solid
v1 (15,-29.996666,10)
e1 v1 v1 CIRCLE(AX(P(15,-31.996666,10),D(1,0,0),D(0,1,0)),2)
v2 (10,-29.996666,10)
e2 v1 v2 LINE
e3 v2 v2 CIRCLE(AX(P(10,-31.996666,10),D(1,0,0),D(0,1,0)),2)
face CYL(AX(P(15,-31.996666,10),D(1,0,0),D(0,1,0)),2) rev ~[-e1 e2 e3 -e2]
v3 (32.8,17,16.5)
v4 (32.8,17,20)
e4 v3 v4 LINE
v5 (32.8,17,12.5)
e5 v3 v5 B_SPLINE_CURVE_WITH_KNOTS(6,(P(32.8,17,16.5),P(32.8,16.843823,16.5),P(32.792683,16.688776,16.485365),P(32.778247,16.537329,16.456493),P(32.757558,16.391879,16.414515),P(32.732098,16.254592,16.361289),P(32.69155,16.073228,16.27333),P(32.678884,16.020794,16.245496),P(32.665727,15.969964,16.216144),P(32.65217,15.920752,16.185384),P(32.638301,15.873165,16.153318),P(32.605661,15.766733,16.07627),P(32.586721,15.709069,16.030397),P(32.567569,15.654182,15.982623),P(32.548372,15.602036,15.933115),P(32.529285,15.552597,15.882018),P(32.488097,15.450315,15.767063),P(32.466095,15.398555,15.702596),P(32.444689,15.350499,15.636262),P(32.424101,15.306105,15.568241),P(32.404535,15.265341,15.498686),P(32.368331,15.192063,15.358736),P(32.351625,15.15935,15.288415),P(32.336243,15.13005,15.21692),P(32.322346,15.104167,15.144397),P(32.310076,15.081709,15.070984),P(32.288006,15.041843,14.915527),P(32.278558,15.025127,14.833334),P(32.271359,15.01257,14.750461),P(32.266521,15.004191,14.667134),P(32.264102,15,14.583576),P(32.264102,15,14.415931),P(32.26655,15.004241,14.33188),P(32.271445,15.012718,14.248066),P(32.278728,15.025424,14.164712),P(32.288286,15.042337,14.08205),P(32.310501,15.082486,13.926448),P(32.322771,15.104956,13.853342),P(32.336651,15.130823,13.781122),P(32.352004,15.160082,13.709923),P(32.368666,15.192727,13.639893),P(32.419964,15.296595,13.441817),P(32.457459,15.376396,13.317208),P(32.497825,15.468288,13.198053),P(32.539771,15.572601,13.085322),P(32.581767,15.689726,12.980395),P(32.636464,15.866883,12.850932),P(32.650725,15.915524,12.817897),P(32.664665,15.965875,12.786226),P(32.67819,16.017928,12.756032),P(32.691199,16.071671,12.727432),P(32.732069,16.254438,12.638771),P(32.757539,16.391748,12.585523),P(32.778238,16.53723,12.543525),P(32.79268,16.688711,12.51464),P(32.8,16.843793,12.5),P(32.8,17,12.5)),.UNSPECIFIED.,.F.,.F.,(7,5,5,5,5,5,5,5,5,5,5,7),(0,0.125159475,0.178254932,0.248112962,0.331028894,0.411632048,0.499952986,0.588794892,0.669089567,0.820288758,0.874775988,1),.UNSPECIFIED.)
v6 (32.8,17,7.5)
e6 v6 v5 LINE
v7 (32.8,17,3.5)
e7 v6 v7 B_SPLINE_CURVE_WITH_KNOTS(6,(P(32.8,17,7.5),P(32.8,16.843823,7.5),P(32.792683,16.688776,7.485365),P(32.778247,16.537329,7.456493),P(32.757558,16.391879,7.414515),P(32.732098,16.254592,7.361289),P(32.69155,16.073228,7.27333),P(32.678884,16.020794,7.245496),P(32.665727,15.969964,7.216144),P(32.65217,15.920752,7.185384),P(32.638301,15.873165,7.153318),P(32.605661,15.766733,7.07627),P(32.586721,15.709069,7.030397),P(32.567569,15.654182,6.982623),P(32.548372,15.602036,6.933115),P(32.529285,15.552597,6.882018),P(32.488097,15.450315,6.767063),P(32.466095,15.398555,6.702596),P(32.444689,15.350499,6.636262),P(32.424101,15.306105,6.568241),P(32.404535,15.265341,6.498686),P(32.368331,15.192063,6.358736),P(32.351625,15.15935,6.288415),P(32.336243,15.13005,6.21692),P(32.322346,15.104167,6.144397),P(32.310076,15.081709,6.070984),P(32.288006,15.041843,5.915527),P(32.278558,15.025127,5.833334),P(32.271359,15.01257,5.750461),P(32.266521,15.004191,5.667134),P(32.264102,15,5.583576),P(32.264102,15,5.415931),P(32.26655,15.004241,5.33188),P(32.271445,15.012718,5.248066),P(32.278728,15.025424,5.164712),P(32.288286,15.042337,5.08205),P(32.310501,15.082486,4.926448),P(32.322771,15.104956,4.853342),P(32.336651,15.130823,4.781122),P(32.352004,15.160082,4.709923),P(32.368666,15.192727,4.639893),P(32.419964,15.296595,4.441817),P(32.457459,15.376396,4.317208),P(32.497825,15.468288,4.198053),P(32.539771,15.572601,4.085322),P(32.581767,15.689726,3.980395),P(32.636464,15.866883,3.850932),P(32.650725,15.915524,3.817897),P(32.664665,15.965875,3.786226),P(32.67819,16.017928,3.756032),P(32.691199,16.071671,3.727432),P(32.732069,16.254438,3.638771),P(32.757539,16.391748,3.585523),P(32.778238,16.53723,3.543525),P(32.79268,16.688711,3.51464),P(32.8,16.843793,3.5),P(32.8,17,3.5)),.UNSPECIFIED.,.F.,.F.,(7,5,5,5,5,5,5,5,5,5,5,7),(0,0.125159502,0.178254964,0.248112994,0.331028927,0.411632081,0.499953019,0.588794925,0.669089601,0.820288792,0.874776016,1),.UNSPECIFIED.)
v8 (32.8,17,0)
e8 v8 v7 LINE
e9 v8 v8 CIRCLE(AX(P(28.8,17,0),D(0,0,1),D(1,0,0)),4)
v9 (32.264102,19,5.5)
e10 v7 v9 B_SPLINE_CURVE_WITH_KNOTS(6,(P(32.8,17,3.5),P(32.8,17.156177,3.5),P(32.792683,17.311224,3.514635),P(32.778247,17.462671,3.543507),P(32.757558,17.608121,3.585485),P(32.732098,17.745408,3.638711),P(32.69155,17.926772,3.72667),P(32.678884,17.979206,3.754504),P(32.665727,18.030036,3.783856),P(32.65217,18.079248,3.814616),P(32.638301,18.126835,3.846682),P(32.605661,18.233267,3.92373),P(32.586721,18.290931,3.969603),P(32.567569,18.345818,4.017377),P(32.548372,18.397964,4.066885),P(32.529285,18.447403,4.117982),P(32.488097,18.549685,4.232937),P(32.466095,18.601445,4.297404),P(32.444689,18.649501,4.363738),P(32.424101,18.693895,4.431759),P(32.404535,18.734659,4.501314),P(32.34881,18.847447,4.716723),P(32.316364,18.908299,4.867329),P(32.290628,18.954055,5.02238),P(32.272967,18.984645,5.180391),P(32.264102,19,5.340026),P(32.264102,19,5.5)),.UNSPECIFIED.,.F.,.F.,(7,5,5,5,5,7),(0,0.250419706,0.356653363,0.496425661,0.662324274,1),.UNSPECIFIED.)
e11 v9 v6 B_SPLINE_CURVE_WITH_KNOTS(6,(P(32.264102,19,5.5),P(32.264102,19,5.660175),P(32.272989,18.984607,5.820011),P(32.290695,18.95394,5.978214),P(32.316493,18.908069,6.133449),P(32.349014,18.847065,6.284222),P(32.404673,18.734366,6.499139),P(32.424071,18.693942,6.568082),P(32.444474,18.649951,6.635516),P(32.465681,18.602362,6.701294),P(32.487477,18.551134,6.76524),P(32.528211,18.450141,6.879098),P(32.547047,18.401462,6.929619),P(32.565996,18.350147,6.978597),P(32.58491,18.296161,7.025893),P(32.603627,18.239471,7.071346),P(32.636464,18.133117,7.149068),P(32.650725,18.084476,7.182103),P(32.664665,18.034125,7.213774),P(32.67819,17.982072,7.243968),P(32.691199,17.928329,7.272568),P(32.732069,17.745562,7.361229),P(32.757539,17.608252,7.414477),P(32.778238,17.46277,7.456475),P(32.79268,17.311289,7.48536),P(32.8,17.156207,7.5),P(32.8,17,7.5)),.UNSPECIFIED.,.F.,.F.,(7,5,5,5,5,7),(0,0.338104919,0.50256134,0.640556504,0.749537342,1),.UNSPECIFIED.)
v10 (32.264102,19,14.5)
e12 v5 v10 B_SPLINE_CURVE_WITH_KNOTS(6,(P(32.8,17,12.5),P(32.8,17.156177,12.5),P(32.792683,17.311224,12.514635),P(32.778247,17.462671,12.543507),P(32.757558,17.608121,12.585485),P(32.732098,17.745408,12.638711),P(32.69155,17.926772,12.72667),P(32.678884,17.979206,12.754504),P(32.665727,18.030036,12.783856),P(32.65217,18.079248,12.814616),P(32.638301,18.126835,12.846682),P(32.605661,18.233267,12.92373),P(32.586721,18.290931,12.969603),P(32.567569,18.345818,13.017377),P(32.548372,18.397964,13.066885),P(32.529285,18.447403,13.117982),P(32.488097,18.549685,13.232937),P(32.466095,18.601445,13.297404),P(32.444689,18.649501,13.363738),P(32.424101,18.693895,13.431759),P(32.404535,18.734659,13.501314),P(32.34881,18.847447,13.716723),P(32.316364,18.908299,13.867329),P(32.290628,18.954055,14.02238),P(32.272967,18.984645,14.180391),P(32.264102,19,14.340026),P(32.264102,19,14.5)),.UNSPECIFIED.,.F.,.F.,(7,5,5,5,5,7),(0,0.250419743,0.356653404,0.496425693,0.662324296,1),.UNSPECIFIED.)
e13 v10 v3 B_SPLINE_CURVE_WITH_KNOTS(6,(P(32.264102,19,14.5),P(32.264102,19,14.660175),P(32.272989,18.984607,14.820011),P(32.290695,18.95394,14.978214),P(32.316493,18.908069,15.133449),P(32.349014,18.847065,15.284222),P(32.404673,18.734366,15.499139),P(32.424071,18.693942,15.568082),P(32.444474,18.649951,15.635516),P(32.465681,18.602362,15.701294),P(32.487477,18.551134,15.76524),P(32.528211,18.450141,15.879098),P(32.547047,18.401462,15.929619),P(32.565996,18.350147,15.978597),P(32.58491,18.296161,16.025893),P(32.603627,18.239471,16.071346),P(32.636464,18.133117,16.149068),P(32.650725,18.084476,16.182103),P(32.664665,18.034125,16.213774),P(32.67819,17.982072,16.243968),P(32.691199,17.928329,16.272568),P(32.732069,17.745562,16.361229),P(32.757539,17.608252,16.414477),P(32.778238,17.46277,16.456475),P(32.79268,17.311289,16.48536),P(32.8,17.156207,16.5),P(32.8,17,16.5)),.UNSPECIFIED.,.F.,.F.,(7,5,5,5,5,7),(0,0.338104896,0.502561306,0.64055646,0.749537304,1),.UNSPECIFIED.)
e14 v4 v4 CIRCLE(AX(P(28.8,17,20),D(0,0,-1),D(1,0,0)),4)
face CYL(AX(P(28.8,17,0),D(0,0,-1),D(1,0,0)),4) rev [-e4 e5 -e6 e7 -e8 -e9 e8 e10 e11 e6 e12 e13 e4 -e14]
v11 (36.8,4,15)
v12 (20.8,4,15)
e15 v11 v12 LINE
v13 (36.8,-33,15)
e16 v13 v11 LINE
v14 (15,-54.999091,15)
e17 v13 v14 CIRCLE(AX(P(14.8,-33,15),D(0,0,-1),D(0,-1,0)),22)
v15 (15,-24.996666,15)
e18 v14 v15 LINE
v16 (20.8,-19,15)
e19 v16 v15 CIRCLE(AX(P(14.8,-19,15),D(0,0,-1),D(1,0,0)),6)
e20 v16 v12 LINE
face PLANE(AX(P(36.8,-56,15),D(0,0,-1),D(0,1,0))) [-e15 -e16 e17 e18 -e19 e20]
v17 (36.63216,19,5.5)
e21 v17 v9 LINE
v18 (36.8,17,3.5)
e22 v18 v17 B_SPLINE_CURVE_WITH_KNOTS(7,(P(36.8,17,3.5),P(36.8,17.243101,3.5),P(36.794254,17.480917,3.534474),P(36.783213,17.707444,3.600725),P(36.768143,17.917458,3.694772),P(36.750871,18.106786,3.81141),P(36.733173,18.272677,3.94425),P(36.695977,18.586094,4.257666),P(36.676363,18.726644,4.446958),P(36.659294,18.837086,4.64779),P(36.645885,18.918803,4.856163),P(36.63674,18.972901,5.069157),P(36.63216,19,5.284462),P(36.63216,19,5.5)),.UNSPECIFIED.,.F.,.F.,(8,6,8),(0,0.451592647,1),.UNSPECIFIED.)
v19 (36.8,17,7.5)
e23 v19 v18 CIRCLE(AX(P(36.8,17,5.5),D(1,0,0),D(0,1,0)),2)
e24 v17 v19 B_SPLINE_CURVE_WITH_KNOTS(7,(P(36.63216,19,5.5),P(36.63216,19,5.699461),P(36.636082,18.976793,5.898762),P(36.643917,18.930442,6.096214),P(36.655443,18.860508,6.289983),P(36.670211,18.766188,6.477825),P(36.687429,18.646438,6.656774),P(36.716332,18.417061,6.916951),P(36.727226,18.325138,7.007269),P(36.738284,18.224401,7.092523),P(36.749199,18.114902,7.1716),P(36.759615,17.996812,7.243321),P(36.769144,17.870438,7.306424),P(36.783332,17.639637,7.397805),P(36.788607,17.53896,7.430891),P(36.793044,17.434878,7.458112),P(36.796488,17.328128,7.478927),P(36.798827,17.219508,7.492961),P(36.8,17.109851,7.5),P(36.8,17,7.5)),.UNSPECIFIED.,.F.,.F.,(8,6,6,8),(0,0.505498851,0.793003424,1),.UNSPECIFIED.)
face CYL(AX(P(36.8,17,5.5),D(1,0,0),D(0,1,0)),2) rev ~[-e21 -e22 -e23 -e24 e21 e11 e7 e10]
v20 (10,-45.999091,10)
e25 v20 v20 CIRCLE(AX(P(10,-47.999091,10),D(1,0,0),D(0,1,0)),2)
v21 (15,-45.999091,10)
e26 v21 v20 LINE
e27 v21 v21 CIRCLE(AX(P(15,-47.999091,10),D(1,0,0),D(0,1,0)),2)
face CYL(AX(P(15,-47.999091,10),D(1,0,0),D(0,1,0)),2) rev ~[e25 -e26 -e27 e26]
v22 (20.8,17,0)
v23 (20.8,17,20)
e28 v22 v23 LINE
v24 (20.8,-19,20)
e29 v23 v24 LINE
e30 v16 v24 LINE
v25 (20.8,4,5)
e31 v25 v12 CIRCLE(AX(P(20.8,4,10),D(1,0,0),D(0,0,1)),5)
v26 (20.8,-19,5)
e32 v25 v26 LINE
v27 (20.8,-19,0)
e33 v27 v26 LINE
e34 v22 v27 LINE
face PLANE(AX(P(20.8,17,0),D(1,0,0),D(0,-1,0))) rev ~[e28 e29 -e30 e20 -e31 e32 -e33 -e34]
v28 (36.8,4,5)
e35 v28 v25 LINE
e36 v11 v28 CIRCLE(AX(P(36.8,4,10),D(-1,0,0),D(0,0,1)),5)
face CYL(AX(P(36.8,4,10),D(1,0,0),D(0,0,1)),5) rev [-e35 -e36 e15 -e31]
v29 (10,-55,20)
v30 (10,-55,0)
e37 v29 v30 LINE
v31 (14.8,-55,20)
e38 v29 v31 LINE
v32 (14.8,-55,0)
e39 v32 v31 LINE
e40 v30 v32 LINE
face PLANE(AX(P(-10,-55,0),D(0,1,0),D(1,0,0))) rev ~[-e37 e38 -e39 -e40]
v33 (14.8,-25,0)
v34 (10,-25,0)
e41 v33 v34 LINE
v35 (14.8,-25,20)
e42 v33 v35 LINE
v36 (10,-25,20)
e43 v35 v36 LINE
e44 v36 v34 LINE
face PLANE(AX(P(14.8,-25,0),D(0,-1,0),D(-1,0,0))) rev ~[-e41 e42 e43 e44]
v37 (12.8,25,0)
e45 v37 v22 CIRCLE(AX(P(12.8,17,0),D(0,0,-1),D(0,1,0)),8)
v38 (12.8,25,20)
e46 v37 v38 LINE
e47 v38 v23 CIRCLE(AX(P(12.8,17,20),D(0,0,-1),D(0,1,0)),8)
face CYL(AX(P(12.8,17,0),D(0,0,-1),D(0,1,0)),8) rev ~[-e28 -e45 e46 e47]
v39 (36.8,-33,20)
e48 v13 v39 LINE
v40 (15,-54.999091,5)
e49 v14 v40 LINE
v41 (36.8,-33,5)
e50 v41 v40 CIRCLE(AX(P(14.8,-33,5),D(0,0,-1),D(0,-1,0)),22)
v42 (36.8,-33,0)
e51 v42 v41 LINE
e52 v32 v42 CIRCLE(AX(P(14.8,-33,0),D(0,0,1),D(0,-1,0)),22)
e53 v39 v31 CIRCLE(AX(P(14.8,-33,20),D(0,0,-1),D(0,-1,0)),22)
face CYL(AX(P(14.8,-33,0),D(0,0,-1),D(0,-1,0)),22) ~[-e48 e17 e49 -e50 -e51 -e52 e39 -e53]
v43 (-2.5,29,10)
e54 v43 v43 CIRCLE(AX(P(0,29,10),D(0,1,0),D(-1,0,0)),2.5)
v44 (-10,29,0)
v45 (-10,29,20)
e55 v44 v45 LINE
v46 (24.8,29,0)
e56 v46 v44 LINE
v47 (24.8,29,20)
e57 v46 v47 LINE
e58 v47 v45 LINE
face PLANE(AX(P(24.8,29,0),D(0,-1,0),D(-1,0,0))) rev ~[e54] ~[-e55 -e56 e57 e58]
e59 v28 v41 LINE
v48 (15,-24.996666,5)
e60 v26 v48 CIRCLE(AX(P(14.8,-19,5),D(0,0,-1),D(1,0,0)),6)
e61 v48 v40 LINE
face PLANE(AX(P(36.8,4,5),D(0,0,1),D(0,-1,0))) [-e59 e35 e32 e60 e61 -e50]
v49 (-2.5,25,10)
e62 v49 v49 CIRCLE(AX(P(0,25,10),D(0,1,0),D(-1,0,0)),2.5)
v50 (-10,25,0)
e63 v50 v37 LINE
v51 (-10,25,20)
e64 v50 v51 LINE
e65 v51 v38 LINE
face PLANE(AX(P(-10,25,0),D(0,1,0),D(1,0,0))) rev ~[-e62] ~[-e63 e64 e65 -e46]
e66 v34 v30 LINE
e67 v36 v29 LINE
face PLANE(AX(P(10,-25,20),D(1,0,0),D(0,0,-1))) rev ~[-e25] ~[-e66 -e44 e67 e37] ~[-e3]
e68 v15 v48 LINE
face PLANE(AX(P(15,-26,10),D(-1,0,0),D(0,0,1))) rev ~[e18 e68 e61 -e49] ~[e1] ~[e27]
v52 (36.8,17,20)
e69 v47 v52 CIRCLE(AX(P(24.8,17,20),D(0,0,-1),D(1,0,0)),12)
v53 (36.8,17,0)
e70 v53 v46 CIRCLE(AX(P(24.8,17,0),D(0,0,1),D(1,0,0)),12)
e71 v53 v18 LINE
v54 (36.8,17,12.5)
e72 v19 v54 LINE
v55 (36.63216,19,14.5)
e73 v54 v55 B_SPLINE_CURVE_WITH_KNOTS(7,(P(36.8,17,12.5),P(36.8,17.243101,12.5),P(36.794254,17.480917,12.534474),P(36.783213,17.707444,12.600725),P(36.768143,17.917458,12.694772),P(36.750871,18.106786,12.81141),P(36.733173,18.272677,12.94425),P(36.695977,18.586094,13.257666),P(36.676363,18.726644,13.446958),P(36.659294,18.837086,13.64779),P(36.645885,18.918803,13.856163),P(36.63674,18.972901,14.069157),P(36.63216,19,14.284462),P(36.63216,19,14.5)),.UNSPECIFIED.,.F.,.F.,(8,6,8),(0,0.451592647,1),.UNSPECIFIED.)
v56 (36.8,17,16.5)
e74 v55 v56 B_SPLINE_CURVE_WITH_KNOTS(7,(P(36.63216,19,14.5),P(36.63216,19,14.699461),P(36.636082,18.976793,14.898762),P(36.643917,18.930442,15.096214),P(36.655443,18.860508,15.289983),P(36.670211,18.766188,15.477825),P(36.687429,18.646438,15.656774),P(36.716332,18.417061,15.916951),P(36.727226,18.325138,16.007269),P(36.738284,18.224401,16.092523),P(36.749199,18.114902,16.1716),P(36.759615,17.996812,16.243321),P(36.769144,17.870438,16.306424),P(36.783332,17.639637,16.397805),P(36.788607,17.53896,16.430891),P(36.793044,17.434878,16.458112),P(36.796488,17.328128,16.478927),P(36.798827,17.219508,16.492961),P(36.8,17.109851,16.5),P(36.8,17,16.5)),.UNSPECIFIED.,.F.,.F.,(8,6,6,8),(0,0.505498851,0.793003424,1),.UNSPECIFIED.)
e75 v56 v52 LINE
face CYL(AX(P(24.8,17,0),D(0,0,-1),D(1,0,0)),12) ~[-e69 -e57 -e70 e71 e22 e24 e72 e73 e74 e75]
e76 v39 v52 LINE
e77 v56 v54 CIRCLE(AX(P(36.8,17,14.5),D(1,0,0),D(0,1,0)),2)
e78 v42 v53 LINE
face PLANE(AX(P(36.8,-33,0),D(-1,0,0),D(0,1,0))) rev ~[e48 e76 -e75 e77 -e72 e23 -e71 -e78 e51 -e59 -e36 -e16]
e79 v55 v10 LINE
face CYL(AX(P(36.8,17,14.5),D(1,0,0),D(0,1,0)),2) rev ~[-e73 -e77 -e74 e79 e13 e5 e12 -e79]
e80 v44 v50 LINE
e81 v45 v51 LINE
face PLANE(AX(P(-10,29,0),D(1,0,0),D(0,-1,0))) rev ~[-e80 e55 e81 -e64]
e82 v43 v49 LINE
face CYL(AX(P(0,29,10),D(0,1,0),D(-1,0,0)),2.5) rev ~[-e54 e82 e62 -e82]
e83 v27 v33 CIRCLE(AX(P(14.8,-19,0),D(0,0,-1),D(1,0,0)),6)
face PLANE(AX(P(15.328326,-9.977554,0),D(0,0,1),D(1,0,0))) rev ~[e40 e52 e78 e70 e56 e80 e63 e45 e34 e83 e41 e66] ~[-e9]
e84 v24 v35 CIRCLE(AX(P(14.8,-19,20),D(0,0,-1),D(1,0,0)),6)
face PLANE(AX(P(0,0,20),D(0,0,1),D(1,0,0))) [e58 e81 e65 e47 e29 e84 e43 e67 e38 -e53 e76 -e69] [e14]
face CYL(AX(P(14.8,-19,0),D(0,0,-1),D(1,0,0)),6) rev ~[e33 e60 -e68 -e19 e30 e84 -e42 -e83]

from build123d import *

# Parameters (mm, degrees)
SKETCH1_R           = 4
SKETCH1_R_2         = 2
BOSS_EXTRUDE1_DEPTH = 25
SKETCH2_W           = 20
SKETCH2_H           = 20
CUT_EXTRUDE1_DEPTH  = 30
SKETCH3_R           = 2.5
CUT_EXTRUDE2_DEPTH  = 25
SKETCH6_W           = 100
SKETCH6_H           = 150
CUT_EXTRUDE5_DEPTH  = 5
CUT_EXTRUDE6_DEPTH  = 21.8
SKETCH8_R           = 2
CUT_EXTRUDE7_DEPTH  = 21.8
SKETCH9_R           = 2
CUT_EXTRUDE8_DEPTH  = 6


with BuildPart() as part:
    # Sketch1 → Boss-Extrude1 (new body)
    with BuildSketch(Plane.XY):
        with BuildLine():
            Line((-10, 25), (12.8, 25))
            ThreePointArc((12.8, 25), (18.456854249, 22.656854249), (20.8, 17))
            Line((20.8, 17), (20.8, -19))
            ThreePointArc((20.8, -19), (19.042640687, -23.242640687), (14.8, -25))
            Line((14.8, -25), (-10, -25))
            Line((-10, -25), (-10, -55))
            Line((-10, -55), (14.8, -55))
            ThreePointArc((14.8, -55), (30.356349186, -48.556349186), (36.8, -33))
            Line((36.8, -33), (36.8, 17))
            ThreePointArc((36.8, 17), (33.285281374, 25.485281374), (24.8, 29))
            Line((24.8, 29), (-10, 29))
            Line((-10, 29), (-10, 25))
        make_face()
        with Locations((28.8, 17)):
            Circle(SKETCH1_R, mode=Mode.SUBTRACT)
        with Locations((0, -35)):
            Circle(SKETCH1_R_2, mode=Mode.SUBTRACT)
    extrude(amount=BOSS_EXTRUDE1_DEPTH)

    # Sketch2 → Cut-Extrude1 (cut)
    with BuildSketch(Plane(origin=(0, -25, 0), x_dir=(1, 0, 0), z_dir=(0, 1, 0))):
        with Locations((0, -10)):
            Rectangle(SKETCH2_W, SKETCH2_H)
    extrude(amount=-CUT_EXTRUDE1_DEPTH, mode=Mode.SUBTRACT)

    # Sketch3 → Cut-Extrude2 (cut)
    with BuildSketch(Plane(origin=(0, 29, 0), x_dir=(1, 0, 0), z_dir=(0, 1, 0))):
        with Locations(Location((0, -10, 0), (0, 0, 180))):
            Circle(SKETCH3_R)
    extrude(amount=-CUT_EXTRUDE2_DEPTH, mode=Mode.SUBTRACT)

    # Sketch6 → Cut-Extrude5 (cut)
    with BuildSketch(Plane.XY.offset(25)):
        Rectangle(SKETCH6_W, SKETCH6_H)
    extrude(amount=-CUT_EXTRUDE5_DEPTH, mode=Mode.SUBTRACT)

    # Sketch7 → Cut-Extrude6 (cut)
    with BuildSketch(Plane(origin=(36.8, 0, 0), x_dir=(0, 0, -1), z_dir=(1, 0, 0))):
        with BuildLine():
            Line((-5, 4), (-5, -56))
            ThreePointArc((-5, -56), (-10, -61), (-15, -56))
            Line((-15, -56), (-15, 4))
            ThreePointArc((-15, 4), (-10, 9), (-5, 4))
        make_face()
    extrude(amount=-CUT_EXTRUDE6_DEPTH, mode=Mode.SUBTRACT)

    # Sketch8 → Cut-Extrude7 (cut)
    with BuildSketch(Plane(origin=(15, 0, 0), x_dir=(0, 0, -1), z_dir=(1, 0, 0))):
        with Locations(Location((-10, -31.99666574, 0), (0, 0, 90))):
            Circle(SKETCH8_R)
        with Locations(Location((-10, -47.99909089, 0), (0, 0, 90))):
            Circle(SKETCH8_R)
    extrude(amount=-CUT_EXTRUDE7_DEPTH, mode=Mode.SUBTRACT)

    # Sketch9 → Cut-Extrude8 (cut)
    with BuildSketch(Plane(origin=(36.8, 0, 0), x_dir=(0, 0, -1), z_dir=(1, 0, 0))):
        with Locations(Location((-14.5, 17, 0), (0, 0, 90))):
            Circle(SKETCH9_R)
        with Locations(Location((-5.5, 17, 0), (0, 0, 90))):
            Circle(SKETCH9_R)
    extrude(amount=-CUT_EXTRUDE8_DEPTH, mode=Mode.SUBTRACT)


solid = part.part
